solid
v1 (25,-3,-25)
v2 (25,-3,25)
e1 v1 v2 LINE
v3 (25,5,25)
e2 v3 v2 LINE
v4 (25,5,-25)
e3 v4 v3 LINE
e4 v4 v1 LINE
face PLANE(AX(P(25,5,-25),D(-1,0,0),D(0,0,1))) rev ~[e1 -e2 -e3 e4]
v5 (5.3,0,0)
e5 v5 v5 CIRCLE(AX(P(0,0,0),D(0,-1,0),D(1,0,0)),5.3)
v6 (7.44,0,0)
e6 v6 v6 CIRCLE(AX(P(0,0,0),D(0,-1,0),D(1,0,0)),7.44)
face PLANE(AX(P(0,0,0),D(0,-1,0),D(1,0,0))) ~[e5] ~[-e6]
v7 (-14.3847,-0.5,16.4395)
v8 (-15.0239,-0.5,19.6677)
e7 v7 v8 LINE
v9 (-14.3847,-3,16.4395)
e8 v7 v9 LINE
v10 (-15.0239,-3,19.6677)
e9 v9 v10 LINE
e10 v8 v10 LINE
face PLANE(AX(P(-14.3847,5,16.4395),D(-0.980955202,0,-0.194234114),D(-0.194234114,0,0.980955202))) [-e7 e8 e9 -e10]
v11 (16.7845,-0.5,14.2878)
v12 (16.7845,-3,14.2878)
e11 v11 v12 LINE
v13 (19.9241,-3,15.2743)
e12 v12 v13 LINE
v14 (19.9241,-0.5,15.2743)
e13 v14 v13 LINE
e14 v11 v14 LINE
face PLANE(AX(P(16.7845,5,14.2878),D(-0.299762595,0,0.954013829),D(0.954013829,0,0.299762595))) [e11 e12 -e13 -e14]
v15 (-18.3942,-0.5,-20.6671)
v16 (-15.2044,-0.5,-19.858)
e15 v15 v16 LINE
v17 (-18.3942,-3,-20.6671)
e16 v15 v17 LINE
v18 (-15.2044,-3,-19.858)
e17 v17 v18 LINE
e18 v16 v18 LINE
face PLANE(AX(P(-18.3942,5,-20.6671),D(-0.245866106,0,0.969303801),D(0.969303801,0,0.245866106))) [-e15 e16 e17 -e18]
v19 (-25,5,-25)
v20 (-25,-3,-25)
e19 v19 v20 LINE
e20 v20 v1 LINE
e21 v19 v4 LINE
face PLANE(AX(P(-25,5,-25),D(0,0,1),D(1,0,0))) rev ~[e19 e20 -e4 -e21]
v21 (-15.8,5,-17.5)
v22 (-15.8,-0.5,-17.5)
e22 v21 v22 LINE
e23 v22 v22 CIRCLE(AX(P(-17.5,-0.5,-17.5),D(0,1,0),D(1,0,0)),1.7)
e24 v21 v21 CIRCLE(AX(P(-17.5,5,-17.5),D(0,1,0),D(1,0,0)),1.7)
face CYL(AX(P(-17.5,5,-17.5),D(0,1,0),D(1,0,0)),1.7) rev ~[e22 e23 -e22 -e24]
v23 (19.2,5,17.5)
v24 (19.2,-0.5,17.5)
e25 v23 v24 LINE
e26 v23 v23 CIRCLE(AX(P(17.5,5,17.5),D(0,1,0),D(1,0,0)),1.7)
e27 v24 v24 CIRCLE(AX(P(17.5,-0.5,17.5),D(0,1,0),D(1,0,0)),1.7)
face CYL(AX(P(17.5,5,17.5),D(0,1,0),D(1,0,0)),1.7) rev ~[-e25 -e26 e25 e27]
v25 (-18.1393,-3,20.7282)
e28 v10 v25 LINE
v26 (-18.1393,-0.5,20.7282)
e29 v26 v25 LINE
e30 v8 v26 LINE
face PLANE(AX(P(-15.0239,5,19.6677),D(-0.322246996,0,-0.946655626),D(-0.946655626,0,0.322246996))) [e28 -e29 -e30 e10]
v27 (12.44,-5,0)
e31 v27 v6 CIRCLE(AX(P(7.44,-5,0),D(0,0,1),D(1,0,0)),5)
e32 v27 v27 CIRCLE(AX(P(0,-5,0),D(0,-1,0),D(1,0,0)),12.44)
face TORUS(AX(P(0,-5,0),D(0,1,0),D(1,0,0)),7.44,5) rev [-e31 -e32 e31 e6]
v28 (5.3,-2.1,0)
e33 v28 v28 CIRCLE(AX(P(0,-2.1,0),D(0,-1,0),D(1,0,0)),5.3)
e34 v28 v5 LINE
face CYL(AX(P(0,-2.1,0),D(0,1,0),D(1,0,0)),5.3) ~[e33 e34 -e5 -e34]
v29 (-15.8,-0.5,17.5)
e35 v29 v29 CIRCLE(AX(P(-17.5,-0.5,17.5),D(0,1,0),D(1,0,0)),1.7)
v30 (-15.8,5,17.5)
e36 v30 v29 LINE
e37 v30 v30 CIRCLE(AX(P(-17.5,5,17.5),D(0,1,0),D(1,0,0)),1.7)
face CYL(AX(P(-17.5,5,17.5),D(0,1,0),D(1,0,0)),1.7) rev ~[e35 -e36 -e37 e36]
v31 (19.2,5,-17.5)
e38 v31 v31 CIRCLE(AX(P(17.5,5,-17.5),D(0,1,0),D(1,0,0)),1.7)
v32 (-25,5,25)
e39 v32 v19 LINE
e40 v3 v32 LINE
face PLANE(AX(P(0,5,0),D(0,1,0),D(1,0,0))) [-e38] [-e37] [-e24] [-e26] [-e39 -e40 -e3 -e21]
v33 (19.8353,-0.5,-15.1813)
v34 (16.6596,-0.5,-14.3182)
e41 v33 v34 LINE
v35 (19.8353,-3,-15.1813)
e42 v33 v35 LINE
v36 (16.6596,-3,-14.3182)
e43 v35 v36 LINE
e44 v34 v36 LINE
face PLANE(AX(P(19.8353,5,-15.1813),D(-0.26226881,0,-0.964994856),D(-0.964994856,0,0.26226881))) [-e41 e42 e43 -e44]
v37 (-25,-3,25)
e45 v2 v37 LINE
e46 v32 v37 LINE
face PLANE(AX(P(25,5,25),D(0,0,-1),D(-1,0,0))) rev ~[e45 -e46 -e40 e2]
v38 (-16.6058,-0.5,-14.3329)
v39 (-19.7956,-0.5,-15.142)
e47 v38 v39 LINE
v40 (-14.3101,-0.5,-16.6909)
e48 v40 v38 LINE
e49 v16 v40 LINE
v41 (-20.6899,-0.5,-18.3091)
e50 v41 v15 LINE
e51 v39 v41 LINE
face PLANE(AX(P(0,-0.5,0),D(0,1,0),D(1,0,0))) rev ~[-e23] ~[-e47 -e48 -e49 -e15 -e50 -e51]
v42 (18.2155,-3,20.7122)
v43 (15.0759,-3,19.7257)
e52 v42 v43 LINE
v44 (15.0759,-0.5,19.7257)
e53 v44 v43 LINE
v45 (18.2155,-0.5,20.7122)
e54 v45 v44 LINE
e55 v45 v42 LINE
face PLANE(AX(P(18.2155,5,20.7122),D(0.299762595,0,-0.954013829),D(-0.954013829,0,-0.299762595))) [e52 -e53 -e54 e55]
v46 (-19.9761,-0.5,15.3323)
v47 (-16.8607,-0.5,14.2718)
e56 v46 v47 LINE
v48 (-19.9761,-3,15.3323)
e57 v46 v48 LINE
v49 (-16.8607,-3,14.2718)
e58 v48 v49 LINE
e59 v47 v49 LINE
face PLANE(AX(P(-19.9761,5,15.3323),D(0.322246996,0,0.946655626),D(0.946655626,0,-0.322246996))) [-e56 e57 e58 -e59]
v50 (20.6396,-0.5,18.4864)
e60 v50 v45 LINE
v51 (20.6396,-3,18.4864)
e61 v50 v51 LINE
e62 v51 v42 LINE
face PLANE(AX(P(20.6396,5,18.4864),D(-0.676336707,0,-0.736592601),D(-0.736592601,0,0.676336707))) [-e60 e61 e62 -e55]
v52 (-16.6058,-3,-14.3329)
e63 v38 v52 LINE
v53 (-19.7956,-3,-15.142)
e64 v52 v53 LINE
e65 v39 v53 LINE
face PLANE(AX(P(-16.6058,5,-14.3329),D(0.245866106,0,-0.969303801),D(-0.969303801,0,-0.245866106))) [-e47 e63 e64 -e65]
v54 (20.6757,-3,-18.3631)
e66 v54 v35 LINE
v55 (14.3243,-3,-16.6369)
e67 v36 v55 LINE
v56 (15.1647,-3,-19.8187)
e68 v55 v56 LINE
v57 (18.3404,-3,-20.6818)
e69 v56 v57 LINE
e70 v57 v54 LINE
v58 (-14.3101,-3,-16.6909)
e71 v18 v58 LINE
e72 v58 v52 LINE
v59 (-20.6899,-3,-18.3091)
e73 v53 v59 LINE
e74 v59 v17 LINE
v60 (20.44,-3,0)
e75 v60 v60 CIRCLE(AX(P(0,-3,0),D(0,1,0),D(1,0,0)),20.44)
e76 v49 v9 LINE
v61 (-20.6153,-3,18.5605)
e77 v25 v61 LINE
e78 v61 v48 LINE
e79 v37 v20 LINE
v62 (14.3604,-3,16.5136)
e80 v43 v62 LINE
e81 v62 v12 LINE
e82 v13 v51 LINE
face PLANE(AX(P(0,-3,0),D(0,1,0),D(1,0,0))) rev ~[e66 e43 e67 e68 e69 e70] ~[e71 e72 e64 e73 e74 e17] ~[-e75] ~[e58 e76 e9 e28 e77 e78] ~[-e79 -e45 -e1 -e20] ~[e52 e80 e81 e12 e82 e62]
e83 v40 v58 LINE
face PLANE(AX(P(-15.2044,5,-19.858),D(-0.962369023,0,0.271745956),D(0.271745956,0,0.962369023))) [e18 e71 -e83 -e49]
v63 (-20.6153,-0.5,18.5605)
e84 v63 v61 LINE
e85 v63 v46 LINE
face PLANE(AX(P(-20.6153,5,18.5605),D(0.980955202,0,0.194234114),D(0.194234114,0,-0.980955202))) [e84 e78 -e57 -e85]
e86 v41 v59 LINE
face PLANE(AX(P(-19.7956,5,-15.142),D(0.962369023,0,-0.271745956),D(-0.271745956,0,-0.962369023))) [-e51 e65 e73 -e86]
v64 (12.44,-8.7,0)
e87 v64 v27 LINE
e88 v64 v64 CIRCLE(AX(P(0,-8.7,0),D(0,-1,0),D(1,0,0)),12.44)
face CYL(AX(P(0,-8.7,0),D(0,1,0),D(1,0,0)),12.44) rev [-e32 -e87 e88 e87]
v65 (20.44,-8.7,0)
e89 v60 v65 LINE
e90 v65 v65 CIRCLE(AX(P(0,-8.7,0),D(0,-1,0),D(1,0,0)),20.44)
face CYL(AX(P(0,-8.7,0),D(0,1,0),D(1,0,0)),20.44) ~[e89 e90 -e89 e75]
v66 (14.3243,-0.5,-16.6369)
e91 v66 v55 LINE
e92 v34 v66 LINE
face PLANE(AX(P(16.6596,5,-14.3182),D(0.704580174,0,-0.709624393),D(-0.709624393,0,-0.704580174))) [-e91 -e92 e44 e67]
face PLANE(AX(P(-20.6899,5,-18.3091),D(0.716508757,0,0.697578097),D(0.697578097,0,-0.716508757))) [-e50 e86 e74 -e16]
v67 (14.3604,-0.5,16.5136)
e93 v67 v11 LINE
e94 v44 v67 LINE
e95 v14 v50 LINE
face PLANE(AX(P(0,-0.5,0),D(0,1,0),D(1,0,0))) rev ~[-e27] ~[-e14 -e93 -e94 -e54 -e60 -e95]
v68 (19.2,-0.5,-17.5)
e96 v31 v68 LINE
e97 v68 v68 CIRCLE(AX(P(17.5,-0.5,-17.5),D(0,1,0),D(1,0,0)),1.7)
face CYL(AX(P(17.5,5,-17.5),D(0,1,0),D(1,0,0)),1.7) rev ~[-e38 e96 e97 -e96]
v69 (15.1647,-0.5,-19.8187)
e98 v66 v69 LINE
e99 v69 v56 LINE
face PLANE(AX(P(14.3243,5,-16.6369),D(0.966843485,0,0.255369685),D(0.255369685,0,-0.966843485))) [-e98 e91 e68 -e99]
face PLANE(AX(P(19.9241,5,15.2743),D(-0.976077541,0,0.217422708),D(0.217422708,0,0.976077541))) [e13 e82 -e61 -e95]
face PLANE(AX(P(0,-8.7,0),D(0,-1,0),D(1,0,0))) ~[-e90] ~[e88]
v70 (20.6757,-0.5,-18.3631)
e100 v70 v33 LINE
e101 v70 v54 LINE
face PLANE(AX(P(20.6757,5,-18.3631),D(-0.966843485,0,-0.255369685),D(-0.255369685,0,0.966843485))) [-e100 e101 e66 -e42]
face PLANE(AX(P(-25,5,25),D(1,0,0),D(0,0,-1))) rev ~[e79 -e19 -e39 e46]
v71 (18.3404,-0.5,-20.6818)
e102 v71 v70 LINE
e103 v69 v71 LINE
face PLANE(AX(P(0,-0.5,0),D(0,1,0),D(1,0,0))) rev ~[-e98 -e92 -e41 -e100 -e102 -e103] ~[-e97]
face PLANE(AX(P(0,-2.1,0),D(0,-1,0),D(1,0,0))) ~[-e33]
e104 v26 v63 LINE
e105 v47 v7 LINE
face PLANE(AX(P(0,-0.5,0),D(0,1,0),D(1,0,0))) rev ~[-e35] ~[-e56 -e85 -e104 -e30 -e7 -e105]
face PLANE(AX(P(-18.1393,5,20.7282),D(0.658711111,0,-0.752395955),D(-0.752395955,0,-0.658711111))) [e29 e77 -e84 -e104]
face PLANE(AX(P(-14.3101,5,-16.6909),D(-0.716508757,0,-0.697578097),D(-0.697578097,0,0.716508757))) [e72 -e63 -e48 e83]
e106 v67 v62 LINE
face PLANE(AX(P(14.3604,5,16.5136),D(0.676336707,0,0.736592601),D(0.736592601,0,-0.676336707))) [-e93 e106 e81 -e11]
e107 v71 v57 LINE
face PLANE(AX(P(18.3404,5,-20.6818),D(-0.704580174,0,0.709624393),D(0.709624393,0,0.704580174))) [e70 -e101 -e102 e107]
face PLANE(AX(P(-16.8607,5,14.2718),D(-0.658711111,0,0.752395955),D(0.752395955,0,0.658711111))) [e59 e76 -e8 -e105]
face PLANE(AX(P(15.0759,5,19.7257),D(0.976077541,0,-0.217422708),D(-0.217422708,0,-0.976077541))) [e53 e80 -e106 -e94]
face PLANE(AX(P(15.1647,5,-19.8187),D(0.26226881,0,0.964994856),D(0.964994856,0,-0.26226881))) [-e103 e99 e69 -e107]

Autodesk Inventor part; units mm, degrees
ref_plane "YZ Plane" through (0, 0, 0) normal (1, 0, 0) x (0, 1, 0)
ref_plane "XZ Plane" through (0, 0, 0) normal (0, 1, 0) x (-1, 0, 0)
ref_plane "XY Plane" through (0, 0, 0) normal (0, 0, 1) x (1, 0, 0)
sketch "Sketch1" plane through (0, 0, 0) normal (0, 0, 1) x (1, 0, 0)
  line L0 (0, -8.6) -> (12.34, -8.6) construction
  line L1 (0, 0) -> (0, -8.6)
  line L2 (0, 0) -> (0, -2.1)
  line L3 (0, -2.1) -> (5.3, -2.1)
  line L4 (5.3, -2.1) -> (5.3, 0)
  line L5 (5.3, 0) -> (7.44, 0)
  line L6 (12.44, -8.7) -> (12.44, -5)
  arc A0 (12.44, -5) -> (7.44, 0) centre (7.44, -5) ccw
  line L7 (12.44, -8.7) -> (20.44, -8.7)
  line L8 (20.44, -8.7) -> (20.44, 5)
  line L9 (20.44, 5) -> (0, 5)
  line L10 (0, 5) -> (0, -2.1)
  line L11 (-4.088, 0) -> (24.528, 0) projected
  dimension "d2" = 12.34
  dimension "d3" = 8.6
  dimension "d7" = 0
  dimension "d11" = 5.3
  dimension "d12" = 2.1
  dimension "d14" = 5
  dimension "d15" = 8
  dimension "d16" = 13.7
  dimension "d17" = 3.7
  dimension "d18" = 5
revolve "Revolution2" add sketch "Sketch1" angle 360 about axis through (0, 5, 0) along (0, -1, 0)
sketch "Sketch2" plane through (0, 5, 0) normal (0, 1, 0) x (1, 0, 0)
  line L0 (-25, 25) -> (25, 25)
  line L1 (25, 25) -> (25, -25)
  line L2 (25, -25) -> (-25, -25)
  line L3 (-25, -25) -> (-25, 25)
  line L4 (-17.5, 17.5) -> (17.5, 17.5) construction
  line L5 (17.5, 17.5) -> (17.5, -17.5) construction
  line L6 (17.5, -17.5) -> (-17.5, -17.5) construction
  line L7 (-17.5, -17.5) -> (-17.5, 17.5) construction
  circle A0 centre (-17.5, 17.5) radius 1.7
  circle A1 centre (17.5, 17.5) radius 1.7
  circle A2 centre (-17.5, -17.5) radius 1.7
  circle A3 centre (17.5, -17.5) radius 1.7
  line L8 (18.3404, 20.6818) -> (20.6757, 18.3631)
  line L9 (20.6757, 18.3631) -> (19.8353, 15.1813)
  line L10 (19.8353, 15.1813) -> (16.6596, 14.3182)
  line L11 (16.6596, 14.3182) -> (14.3243, 16.6369)
  line L12 (14.3243, 16.6369) -> (15.1647, 19.8187)
  line L13 (15.1647, 19.8187) -> (18.3404, 20.6818)
  line L14 (-16.6058, 14.3329) -> (-19.7956, 15.142)
  line L15 (-19.7956, 15.142) -> (-20.6899, 18.3091)
  line L16 (-20.6899, 18.3091) -> (-18.3942, 20.6671)
  line L17 (-18.3942, 20.6671) -> (-15.2044, 19.858)
  line L18 (-15.2044, 19.858) -> (-14.3101, 16.6909)
  line L19 (-14.3101, 16.6909) -> (-16.6058, 14.3329)
  line L20 (-15.0239, -19.6677) -> (-18.1393, -20.7282)
  line L21 (-18.1393, -20.7282) -> (-20.6153, -18.5605)
  line L22 (-20.6153, -18.5605) -> (-19.9761, -15.3323)
  line L23 (-19.9761, -15.3323) -> (-16.8607, -14.2718)
  line L24 (-16.8607, -14.2718) -> (-14.3847, -16.4395)
  line L25 (-14.3847, -16.4395) -> (-15.0239, -19.6677)
  line L26 (19.9241, -15.2743) -> (20.6396, -18.4864)
  line L27 (20.6396, -18.4864) -> (18.2155, -20.7122)
  line L28 (18.2155, -20.7122) -> (15.0759, -19.7257)
  line L29 (15.0759, -19.7257) -> (14.3604, -16.5136)
  line L30 (14.3604, -16.5136) -> (16.7845, -14.2878)
  line L31 (16.7845, -14.2878) -> (19.9241, -15.2743)
  circle A4 centre (0, 0) radius 12.44 projected
  circle A5 centre (0, 0) radius 12.44 projected
  point P0 (17.5, 17.5)
  dimension "d25" = 35
  dimension "d27" = 17.5
  dimension "d28" = 17.5
  dimension "d29" = 35
  dimension "d30" = 3.4
  dimension "d31" = 3.4
  dimension "d32" = 3.4
  dimension "d33" = 3.4
  dimension "d34" = 5.7
  dimension "d36" = 5.7
  dimension "d37" = 5.7
  dimension "d38" = 5.7
  dimension "d39" = 50
  dimension "d40" = 50
  dimension "d41" = 25
  dimension "d42" = 25
extrude "Extrusion1" add sketch "Sketch2" against normal blind 8 contours L0 L1 L2 L3
extrude "Extrusion2" add sketch "Sketch2" against normal blind 5.5 contours L8 L9 L10 L11 L12 L13 | L14 L15 L16 L17 L18 L19 | L20 L21 L22 L23 L24 L25 | L26 L27 L28 L29 L30 L31
equation "\"d27\" = 0.5 * d29"
equation "\"d28\" = d27"
equation "\"d36\" = d34"
equation "\"d37\" = d34"
equation "\"d38\" = d34"
equation "\"d41\" = 0.5 * d39"
equation "\"d42\" = d41"
properties part number "BallBearingCupMount"
